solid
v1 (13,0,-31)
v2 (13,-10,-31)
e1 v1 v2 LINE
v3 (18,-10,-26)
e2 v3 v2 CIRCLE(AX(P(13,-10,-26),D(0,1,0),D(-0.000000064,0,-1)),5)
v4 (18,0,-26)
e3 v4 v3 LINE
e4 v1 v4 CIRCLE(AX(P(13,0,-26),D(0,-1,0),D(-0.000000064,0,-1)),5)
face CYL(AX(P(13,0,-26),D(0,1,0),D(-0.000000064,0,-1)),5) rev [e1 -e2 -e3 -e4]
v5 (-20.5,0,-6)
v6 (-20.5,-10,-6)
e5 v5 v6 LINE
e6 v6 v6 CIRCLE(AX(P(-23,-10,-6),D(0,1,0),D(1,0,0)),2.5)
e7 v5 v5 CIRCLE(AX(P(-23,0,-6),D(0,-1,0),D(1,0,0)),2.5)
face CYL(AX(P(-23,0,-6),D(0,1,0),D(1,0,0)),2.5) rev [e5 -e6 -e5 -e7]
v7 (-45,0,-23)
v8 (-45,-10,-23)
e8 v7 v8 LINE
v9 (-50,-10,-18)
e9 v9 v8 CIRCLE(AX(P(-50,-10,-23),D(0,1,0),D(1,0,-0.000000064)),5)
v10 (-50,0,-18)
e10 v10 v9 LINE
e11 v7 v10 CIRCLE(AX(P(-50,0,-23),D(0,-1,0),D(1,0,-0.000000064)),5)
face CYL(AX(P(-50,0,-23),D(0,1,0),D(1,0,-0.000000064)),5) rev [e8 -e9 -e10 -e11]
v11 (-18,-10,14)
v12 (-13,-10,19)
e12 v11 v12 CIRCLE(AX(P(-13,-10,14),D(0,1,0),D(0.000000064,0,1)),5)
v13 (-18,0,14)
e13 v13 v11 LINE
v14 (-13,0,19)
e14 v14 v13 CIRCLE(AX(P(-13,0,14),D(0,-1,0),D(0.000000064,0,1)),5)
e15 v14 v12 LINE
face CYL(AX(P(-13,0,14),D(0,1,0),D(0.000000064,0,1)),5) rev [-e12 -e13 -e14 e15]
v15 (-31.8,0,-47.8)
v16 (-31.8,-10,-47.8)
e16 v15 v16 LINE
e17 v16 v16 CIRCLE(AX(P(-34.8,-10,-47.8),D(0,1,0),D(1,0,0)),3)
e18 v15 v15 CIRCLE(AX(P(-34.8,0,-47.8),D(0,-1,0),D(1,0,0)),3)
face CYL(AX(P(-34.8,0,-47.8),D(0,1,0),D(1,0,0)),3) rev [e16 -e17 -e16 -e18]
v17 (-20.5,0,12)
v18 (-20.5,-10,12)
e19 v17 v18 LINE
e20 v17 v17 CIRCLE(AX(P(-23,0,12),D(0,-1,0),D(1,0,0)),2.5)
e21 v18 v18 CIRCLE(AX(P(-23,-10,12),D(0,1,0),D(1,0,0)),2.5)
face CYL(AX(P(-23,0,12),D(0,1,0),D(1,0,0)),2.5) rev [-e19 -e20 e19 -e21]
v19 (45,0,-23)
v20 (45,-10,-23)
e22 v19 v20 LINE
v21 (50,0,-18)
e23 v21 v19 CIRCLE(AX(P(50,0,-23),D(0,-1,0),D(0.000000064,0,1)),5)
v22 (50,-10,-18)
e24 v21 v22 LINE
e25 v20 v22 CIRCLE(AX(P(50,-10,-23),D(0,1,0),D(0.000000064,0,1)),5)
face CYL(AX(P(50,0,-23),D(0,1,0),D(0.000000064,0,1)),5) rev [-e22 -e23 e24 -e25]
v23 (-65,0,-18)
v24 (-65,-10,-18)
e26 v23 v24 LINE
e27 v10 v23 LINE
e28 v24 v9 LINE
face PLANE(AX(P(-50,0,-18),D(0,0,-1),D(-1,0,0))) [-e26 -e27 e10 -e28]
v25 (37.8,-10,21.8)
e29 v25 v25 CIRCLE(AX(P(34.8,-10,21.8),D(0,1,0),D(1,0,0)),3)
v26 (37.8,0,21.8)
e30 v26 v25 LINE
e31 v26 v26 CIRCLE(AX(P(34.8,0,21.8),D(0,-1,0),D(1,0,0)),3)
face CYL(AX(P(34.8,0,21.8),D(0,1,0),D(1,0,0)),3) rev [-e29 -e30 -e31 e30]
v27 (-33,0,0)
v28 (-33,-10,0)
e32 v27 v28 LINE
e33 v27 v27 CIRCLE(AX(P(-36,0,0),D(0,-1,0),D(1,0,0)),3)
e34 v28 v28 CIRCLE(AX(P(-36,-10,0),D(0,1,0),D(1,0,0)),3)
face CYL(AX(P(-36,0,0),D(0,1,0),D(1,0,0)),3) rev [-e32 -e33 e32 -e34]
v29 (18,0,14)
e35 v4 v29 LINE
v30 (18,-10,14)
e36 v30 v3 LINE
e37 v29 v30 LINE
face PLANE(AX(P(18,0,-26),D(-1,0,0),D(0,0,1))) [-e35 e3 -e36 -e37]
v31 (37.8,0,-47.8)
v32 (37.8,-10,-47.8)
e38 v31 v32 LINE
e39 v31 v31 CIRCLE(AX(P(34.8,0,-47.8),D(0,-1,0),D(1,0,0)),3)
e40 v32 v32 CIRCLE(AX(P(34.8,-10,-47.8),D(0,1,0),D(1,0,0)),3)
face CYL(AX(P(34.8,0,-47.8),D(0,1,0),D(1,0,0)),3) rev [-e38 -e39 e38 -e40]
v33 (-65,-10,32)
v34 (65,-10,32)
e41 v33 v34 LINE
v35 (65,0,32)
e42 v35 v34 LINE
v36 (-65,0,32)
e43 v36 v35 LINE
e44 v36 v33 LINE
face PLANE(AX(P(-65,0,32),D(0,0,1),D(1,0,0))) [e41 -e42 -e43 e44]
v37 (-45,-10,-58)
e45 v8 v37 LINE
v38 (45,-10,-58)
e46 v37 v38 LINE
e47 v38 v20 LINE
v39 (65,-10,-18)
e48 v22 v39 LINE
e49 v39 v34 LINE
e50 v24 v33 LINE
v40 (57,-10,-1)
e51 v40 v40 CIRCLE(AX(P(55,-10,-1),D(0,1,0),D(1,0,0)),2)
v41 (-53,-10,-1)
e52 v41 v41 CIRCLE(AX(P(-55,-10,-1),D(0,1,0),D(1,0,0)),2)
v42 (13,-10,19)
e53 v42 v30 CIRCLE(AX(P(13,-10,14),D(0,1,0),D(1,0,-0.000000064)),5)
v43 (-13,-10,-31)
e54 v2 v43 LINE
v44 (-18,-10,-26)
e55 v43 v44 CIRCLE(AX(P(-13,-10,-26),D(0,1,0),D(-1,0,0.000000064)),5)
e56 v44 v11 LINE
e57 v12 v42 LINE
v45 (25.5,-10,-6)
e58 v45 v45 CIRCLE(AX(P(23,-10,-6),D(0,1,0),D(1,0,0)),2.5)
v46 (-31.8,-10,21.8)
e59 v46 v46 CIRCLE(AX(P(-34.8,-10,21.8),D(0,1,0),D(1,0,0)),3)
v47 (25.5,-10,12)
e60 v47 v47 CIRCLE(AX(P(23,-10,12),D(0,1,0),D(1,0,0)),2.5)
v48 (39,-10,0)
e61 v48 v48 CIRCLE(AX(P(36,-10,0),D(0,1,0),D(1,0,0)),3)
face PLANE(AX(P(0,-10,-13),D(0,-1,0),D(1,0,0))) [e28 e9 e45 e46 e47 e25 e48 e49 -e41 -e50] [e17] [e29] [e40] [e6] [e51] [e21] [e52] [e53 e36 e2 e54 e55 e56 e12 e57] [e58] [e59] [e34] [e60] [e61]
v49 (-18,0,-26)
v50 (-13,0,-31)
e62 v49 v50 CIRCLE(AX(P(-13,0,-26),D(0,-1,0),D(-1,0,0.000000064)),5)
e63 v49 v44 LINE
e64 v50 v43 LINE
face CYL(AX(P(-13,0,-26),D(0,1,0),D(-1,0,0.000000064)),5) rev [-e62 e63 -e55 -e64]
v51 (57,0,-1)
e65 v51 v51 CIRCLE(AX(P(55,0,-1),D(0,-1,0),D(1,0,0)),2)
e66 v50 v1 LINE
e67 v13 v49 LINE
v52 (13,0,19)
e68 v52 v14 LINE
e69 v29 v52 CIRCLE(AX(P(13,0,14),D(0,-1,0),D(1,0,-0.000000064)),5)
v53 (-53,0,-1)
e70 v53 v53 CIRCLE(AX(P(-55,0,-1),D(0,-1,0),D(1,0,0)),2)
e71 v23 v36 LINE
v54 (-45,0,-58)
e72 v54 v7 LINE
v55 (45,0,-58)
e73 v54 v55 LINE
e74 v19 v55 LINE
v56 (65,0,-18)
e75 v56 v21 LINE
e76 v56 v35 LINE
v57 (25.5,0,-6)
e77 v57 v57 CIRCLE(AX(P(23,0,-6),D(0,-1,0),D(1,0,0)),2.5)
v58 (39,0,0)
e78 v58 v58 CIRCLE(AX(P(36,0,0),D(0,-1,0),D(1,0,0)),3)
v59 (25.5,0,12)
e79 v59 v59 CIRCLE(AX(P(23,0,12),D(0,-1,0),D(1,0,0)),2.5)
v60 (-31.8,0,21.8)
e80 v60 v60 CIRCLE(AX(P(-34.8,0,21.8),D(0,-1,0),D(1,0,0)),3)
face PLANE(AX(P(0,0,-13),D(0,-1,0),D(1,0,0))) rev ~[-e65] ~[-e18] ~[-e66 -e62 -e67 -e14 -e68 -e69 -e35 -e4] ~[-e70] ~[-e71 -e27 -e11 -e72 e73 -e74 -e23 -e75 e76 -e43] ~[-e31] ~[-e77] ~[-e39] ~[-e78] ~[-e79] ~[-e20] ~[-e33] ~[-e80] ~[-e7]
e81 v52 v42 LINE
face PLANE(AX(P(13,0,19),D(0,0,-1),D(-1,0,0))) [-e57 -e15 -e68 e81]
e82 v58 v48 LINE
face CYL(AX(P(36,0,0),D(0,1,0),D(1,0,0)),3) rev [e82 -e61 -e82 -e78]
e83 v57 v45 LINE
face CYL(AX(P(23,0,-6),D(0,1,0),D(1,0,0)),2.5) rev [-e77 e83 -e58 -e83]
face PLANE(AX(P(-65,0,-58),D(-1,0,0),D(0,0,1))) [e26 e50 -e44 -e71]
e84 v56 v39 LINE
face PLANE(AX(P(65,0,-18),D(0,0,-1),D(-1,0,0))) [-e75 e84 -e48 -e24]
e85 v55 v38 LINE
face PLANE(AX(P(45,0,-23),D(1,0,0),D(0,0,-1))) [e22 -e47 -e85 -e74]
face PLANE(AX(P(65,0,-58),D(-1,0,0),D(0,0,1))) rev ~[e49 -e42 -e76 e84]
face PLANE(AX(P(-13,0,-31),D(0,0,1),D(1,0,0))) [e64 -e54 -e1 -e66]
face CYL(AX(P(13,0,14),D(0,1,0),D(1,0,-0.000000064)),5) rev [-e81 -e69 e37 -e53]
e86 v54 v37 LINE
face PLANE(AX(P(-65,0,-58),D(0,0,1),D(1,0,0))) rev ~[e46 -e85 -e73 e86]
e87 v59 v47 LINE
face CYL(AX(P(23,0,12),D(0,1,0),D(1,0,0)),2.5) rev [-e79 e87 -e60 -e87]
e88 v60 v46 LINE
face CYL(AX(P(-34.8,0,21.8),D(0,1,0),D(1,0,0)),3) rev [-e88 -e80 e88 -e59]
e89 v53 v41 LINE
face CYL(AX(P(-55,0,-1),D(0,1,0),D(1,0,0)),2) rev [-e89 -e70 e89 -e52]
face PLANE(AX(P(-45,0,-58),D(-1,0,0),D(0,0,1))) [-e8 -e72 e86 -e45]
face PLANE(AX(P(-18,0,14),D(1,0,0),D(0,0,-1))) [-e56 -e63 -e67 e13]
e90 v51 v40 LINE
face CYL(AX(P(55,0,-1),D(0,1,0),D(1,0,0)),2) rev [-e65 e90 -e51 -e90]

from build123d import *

# Parameters (mm, degrees)
F1_W     = 130
F1_H     = 90
F3_DEPTH = 10
F2_R     = 2.5
F4_DEPTH = 10.001
F0_R     = 3
F0_R_2   = 2
F5_DEPTH = 10.001
F6_R     = 3
F7_DEPTH = 10.001
F9_DEPTH = 10.001


with BuildPart() as f3:
    # F1 (on Front) → F3 (new body)
    with BuildSketch(Plane.XZ):
        with Locations((0, -13)):
            Rectangle(F1_W, F1_H)
    extrude(amount=F3_DEPTH)

    # F2 (on Front) → F4 (cut, through all)
    with BuildSketch(Plane.XZ):
        with Locations((23, -6)):
            Circle(F2_R)
        with Locations((23, 12)):
            Circle(F2_R)
        with Locations((-23, -6)):
            Circle(F2_R)
        with Locations((-23, 12)):
            Circle(F2_R)
    extrude(amount=F4_DEPTH, mode=Mode.SUBTRACT)

    # F0 (on Front) → F5 (cut, through all)
    with BuildSketch(Plane.XZ):
        with Locations((-36, 0)):
            Circle(F0_R)
        with Locations((36, 0)):
            Circle(F0_R)
        with Locations((-55, -1)):
            Circle(F0_R_2)
        with Locations((55, -1)):
            Circle(F0_R_2)
        with BuildLine():
            ThreePointArc((18, 14), (16.535534, 17.535534), (13, 19))
            Line((13, 19), (-13, 19))
            ThreePointArc((-13, 19), (-16.535534, 17.535534), (-18, 14))
            Line((-18, 14), (-18, -26))
            ThreePointArc((-18, -26), (-16.535534, -29.535534), (-13, -31))
            Line((-13, -31), (13, -31))
            ThreePointArc((13, -31), (16.535534, -29.535534), (18, -26))
            Line((18, -26), (18, 14))
        make_face()
    extrude(amount=F5_DEPTH, mode=Mode.SUBTRACT)

    # F6 (on Front) → F7 (cut, through all)
    with BuildSketch(Plane.XZ):
        with Locations((34.8, -47.8)):
            Circle(F6_R)
        with Locations((34.8, 21.8)):
            Circle(F6_R)
        with Locations((-34.8, -47.8)):
            Circle(F6_R)
        with Locations((-34.8, 21.8)):
            Circle(F6_R)
    extrude(amount=F7_DEPTH, mode=Mode.SUBTRACT)

    # F8 (on Front) → F9 (cut, through all)
    with BuildSketch(Plane.XZ):
        with BuildLine():
            Line((-65, -18), (-65, -58))
            Line((-65, -58), (-45, -58))
            Line((-45, -58), (-45, -23))
            ThreePointArc((-45, -23), (-46.464466, -19.464466), (-50, -18))
            Line((-50, -18), (-65, -18))
        make_face()
        with BuildLine():
            Line((45, -58), (65, -58))
            Line((65, -58), (65, -18))
            Line((65, -18), (50, -18))
            ThreePointArc((50, -18), (46.464466, -19.464466), (45, -23))
            Line((45, -23), (45, -58))
        make_face()
    extrude(amount=F9_DEPTH, mode=Mode.SUBTRACT)


solid = f3.part
